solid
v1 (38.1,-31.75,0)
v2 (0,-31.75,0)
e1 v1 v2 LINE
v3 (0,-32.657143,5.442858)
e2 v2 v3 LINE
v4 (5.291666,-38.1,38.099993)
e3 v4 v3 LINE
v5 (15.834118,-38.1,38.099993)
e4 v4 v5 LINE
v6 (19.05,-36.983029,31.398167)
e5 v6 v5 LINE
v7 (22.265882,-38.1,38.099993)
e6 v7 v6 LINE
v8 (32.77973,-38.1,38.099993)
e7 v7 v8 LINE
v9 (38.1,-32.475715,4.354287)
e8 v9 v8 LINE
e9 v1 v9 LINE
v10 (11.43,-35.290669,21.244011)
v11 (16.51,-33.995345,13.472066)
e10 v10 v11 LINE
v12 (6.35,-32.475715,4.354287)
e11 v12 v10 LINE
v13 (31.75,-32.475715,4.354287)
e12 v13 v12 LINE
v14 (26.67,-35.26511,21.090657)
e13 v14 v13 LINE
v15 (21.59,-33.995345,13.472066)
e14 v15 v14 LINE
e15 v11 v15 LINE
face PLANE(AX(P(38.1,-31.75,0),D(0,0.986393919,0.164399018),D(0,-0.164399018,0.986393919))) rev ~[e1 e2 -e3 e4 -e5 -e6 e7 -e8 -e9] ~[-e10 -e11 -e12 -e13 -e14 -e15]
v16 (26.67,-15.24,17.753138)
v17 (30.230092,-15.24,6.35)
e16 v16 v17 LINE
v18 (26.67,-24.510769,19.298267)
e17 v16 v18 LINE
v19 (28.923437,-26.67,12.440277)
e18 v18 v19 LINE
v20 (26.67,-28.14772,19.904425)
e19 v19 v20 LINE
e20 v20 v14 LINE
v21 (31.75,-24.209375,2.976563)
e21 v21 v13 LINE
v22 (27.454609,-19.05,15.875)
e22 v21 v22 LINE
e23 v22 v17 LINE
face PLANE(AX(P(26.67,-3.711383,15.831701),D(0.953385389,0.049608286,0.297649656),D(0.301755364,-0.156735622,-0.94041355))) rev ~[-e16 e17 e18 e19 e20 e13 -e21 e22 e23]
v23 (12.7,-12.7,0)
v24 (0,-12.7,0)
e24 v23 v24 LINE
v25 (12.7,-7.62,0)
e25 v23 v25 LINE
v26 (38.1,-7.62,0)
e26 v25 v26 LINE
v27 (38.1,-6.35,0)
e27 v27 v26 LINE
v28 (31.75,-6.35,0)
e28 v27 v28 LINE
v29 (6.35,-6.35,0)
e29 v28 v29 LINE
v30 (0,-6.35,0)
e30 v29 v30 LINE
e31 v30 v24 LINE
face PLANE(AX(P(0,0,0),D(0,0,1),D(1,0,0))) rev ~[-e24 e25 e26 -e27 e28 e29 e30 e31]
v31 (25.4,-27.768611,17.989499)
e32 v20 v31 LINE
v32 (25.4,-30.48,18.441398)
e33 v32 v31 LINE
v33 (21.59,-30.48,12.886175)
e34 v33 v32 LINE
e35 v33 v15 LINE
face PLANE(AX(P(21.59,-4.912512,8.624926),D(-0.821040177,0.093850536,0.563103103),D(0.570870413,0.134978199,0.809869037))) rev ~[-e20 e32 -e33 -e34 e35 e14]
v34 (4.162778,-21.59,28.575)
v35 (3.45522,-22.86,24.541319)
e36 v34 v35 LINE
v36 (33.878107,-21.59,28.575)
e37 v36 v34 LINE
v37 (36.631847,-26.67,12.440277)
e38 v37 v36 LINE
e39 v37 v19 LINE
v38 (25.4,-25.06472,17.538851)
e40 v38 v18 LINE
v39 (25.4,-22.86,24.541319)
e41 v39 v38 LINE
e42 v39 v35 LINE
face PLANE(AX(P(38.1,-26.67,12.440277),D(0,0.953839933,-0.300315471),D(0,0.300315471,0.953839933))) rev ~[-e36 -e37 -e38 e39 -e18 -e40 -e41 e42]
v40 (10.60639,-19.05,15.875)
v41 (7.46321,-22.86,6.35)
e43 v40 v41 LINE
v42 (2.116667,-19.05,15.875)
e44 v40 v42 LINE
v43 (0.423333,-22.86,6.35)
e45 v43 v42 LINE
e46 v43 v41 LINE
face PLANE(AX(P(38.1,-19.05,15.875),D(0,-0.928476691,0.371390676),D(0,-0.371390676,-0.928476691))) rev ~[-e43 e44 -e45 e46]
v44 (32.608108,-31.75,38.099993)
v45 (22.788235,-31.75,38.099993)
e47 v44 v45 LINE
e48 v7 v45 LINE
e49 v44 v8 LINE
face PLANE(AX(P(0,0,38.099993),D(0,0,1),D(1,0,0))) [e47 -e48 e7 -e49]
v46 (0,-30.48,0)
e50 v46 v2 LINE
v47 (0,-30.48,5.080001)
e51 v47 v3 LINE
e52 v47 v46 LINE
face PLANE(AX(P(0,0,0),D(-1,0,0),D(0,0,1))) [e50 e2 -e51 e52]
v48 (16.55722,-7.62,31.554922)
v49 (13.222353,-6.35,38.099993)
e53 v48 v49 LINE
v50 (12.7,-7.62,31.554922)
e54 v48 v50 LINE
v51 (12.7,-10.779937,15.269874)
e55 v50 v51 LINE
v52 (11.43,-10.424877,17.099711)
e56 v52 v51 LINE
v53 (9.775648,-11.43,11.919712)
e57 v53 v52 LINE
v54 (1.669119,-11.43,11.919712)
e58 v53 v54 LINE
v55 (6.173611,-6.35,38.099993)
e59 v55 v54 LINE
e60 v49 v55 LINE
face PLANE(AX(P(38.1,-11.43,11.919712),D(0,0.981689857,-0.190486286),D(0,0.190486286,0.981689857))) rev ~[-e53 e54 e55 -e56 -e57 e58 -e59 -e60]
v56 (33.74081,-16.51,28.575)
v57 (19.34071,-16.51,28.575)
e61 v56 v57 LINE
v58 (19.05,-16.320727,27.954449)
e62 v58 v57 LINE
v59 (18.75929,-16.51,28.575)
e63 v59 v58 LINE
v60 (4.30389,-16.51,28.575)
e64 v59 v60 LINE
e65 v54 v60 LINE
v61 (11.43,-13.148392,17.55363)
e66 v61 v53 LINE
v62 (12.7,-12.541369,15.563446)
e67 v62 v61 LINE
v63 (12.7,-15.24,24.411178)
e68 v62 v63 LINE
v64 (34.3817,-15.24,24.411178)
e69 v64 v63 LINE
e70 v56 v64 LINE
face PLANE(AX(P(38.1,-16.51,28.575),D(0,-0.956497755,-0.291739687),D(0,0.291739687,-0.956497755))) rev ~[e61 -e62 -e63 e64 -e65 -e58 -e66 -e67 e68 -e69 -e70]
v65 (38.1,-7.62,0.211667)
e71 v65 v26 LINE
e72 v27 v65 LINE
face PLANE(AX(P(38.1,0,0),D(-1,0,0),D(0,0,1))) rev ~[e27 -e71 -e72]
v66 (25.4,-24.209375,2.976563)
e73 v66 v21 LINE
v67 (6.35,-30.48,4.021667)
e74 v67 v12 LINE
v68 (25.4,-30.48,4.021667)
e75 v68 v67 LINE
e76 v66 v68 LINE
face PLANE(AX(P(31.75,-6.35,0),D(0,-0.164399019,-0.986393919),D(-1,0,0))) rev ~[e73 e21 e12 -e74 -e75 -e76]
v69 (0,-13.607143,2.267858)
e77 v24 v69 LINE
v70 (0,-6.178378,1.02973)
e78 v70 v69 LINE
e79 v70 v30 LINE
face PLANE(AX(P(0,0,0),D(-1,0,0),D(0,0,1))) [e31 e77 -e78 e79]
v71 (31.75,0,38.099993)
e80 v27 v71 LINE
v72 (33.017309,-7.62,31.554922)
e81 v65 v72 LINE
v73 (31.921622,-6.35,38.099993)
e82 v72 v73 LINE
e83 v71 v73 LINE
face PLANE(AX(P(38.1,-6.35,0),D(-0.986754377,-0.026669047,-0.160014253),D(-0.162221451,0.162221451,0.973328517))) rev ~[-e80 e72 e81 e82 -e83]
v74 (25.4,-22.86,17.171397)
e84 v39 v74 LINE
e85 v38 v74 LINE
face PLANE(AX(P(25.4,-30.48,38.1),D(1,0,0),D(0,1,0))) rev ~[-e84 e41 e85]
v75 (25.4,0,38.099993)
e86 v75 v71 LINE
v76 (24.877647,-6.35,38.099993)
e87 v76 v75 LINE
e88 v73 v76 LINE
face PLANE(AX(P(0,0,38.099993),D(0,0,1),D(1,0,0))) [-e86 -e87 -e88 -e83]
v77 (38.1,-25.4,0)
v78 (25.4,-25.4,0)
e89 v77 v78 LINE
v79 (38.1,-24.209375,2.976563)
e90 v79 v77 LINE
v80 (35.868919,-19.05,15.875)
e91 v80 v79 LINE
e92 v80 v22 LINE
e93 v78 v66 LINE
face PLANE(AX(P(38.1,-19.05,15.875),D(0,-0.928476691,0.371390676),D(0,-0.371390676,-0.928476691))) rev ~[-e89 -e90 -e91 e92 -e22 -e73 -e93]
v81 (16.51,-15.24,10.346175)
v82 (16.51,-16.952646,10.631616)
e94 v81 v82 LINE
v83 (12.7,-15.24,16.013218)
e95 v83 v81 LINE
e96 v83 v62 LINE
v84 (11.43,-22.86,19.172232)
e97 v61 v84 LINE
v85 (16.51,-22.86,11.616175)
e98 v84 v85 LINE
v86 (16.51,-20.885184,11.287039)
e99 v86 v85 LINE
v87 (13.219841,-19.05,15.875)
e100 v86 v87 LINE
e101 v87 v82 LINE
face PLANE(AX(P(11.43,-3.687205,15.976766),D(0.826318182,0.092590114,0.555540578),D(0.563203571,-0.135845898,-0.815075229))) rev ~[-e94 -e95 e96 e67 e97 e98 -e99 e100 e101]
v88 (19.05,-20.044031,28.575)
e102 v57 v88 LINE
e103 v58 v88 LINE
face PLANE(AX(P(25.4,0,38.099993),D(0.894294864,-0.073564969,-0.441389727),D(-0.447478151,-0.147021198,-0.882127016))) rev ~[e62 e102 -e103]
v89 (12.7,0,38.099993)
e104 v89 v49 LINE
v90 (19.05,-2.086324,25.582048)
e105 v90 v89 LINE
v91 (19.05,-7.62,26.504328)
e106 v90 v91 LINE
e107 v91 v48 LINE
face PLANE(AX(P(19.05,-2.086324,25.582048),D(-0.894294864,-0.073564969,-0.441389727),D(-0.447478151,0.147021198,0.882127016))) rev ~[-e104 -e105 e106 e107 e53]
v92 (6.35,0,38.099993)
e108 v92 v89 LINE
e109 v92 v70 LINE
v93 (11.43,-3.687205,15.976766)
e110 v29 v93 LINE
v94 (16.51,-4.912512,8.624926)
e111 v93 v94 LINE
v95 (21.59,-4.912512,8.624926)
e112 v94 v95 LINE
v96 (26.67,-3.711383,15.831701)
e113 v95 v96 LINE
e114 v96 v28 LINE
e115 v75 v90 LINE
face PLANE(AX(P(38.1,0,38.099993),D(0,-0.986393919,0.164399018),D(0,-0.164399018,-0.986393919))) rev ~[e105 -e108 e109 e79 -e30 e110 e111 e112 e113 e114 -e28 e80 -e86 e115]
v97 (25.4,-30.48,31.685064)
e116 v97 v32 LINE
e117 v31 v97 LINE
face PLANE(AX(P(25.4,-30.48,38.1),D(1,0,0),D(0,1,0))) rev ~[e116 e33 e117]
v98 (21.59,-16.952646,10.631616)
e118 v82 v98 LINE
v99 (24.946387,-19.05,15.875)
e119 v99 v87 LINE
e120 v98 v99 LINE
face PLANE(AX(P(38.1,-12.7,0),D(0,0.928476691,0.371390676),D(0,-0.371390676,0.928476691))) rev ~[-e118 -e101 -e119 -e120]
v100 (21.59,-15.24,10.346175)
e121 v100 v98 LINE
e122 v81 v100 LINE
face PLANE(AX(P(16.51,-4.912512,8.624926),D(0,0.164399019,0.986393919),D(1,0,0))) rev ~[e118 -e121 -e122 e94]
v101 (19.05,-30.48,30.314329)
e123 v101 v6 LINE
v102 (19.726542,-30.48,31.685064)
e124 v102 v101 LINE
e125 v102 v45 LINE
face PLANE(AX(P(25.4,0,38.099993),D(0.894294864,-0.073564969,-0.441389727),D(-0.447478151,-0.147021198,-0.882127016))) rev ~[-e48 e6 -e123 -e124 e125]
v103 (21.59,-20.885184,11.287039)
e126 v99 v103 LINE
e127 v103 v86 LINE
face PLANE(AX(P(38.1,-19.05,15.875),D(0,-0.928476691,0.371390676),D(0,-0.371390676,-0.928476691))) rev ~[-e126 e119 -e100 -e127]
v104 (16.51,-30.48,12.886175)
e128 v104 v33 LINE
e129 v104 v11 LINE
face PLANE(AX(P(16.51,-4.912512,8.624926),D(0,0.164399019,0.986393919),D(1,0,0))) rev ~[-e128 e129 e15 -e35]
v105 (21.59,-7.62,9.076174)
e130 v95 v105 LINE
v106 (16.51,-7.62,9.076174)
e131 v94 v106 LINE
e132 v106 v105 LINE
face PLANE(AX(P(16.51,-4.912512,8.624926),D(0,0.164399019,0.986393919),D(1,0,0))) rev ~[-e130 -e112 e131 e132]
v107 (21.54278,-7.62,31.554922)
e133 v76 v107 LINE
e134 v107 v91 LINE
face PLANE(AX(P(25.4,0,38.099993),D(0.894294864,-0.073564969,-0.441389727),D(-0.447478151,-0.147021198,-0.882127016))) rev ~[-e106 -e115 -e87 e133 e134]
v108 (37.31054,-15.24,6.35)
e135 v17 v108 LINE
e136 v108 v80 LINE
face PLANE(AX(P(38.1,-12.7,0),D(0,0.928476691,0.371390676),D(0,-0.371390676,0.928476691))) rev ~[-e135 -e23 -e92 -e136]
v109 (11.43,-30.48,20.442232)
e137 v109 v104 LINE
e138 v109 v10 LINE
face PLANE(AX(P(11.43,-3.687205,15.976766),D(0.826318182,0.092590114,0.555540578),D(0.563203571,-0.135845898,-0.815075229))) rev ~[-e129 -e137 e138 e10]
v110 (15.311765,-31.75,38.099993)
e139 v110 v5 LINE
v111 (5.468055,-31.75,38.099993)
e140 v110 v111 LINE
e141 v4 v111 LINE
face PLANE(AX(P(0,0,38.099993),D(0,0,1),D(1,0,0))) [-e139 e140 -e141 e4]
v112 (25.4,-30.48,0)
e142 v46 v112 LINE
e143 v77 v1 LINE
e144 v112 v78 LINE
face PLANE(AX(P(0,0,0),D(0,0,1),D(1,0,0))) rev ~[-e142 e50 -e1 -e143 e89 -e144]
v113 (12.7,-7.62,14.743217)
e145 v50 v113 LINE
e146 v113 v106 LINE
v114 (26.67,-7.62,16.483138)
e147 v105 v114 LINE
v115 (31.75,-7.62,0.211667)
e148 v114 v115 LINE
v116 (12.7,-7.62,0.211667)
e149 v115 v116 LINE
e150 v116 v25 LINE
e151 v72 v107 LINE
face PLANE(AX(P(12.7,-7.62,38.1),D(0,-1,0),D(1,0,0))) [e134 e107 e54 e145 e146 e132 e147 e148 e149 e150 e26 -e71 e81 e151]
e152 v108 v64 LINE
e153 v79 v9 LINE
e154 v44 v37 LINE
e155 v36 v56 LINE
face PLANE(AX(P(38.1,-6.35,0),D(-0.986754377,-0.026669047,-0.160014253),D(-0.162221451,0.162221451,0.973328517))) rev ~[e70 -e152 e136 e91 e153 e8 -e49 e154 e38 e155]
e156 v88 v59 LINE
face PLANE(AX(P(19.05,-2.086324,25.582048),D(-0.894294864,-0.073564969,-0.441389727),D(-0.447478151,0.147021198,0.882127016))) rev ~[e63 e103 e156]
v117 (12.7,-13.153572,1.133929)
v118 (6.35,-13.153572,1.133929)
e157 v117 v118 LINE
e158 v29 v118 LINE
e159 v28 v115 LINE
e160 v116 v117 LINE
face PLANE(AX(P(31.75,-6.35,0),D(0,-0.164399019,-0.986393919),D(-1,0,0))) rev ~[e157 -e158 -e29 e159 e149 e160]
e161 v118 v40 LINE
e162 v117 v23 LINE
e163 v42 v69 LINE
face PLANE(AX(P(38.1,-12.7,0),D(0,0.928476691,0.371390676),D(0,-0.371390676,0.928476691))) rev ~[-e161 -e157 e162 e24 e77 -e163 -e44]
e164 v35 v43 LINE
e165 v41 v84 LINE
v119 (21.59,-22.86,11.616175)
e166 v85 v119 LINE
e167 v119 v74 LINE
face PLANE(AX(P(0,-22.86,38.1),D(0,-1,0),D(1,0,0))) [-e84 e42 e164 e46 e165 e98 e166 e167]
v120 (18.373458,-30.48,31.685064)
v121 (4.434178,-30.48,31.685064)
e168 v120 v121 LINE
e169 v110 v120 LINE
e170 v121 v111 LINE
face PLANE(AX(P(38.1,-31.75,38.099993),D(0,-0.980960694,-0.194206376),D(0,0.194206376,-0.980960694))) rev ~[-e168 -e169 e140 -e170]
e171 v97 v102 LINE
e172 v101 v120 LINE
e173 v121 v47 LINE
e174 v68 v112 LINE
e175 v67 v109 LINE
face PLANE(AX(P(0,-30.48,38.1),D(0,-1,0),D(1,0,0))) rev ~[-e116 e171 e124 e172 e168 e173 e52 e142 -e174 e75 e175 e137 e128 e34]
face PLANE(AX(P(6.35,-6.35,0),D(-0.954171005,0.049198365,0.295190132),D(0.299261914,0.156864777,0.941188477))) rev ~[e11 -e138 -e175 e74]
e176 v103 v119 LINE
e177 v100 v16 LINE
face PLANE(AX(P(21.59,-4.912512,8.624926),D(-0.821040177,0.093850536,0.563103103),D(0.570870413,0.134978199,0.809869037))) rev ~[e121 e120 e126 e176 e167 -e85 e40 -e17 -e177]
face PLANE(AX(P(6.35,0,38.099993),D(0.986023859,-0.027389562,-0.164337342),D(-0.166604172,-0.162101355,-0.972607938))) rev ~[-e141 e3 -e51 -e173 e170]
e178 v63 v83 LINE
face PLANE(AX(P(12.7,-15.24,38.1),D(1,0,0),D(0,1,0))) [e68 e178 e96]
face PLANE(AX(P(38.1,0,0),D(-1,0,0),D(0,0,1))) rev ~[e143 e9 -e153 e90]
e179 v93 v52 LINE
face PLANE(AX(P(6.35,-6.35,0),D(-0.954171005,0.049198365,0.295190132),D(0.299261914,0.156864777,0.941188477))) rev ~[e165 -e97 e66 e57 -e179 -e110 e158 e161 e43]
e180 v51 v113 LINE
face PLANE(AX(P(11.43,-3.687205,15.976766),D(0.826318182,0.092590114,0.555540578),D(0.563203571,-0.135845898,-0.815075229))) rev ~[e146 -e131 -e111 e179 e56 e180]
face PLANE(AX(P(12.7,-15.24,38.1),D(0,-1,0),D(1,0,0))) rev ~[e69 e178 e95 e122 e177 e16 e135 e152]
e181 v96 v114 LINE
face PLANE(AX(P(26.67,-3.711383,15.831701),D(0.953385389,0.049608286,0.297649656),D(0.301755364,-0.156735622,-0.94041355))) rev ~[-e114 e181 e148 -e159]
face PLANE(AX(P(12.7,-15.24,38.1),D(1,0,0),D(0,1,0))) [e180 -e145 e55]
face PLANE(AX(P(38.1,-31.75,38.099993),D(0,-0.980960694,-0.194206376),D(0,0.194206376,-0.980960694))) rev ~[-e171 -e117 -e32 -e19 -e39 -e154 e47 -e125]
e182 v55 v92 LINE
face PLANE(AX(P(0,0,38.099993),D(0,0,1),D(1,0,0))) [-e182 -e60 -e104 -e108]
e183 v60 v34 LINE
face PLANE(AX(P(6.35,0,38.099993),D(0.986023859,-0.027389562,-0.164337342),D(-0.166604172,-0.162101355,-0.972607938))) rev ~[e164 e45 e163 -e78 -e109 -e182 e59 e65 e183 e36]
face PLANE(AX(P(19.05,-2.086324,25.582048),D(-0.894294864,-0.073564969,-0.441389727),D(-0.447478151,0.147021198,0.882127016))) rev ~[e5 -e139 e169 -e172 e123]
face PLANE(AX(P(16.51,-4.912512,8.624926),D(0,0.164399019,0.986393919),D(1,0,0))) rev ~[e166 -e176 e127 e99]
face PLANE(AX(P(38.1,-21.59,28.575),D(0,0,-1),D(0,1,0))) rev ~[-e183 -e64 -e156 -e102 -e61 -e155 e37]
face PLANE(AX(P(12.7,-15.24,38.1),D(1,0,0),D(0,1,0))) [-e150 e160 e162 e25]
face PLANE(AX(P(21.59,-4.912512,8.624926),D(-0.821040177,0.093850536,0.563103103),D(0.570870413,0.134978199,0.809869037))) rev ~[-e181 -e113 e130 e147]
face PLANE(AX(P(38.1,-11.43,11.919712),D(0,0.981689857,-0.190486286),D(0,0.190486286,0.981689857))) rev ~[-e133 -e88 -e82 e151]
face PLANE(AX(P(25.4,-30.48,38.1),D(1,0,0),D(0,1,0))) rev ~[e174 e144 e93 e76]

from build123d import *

# Parameters (mm, degrees)
F0_W     = 38.1
F0_H     = 38.0999925736
F1_DEPTH = 38.1
F4_DEPTH = 38.1
F6_DEPTH = 38.1
F7_W     = 25.4
F7_H     = 7.62
F8_DEPTH = 38.1


with BuildPart() as f1:
    # F0 (on Front) → F1 (new body)
    with BuildSketch(Plane.XZ):
        with Locations((19.05, 19.0499962868)):
            Rectangle(F0_W, F0_H)
    extrude(amount=F1_DEPTH)

    # F3 (on face) → F4 (cut)
    with BuildSketch(Plane.YZ.offset(38.1)):
        Polygon((-6.35, 38.0999925736), (-31.75, 38.0999925736), (-26.67, 12.4402772635), (-21.59, 28.575), (-16.51, 28.575), (-11.43, 11.9197117337), align=None)
        Polygon((-31.75, 0), (-38.1, 38.0999925736), (-38.1, 0), align=None)
        Polygon((-19.05, 15.875), (-25.4, 0), (-12.7, 0), align=None)
        Polygon((0, 0), (0, 38.0999925736), (-6.35, 0), align=None)
    extrude(amount=-F4_DEPTH, mode=Mode.SUBTRACT)

    # F5 (on face) → F6 (cut)
    with BuildSketch(Plane(origin=(0, -6.1783783133, 1.0297299196), x_dir=(-1, 0, 0), z_dir=(0, 0.9863939186, -0.1643990185))):
        Polygon((-26.67, 15.0061463937), (-31.75, -1.0439337674), (-6.35, -1.0439337674), (-11.43, 15.1532115415), (-16.51, 7.6999627054), (-21.59, 7.6999627054), align=None)
        Polygon((-38.1, -1.0439337674), (-31.75, 37.5816009747), (-38.1, 37.5816009747), align=None)
        Polygon((-12.7, 37.5816009747), (-25.4, 37.5816009747), (-19.05, 24.8909872025), align=None)
        Polygon((0, 37.5816009747), (-6.35, 37.5816009747), (0, 0), align=None)
    extrude(amount=-F6_DEPTH, mode=Mode.SUBTRACT)

    # F7 (on offset) → F8 (cut)
    with BuildSketch(Plane.XY.offset(38.1)):
        with Locations((25.4, -11.43)):
            Rectangle(F7_W, F7_H)
        with Locations((12.7, -26.67)):
            Rectangle(F7_W, F7_H)
    extrude(amount=-F8_DEPTH, mode=Mode.SUBTRACT)


solid = f1.part
